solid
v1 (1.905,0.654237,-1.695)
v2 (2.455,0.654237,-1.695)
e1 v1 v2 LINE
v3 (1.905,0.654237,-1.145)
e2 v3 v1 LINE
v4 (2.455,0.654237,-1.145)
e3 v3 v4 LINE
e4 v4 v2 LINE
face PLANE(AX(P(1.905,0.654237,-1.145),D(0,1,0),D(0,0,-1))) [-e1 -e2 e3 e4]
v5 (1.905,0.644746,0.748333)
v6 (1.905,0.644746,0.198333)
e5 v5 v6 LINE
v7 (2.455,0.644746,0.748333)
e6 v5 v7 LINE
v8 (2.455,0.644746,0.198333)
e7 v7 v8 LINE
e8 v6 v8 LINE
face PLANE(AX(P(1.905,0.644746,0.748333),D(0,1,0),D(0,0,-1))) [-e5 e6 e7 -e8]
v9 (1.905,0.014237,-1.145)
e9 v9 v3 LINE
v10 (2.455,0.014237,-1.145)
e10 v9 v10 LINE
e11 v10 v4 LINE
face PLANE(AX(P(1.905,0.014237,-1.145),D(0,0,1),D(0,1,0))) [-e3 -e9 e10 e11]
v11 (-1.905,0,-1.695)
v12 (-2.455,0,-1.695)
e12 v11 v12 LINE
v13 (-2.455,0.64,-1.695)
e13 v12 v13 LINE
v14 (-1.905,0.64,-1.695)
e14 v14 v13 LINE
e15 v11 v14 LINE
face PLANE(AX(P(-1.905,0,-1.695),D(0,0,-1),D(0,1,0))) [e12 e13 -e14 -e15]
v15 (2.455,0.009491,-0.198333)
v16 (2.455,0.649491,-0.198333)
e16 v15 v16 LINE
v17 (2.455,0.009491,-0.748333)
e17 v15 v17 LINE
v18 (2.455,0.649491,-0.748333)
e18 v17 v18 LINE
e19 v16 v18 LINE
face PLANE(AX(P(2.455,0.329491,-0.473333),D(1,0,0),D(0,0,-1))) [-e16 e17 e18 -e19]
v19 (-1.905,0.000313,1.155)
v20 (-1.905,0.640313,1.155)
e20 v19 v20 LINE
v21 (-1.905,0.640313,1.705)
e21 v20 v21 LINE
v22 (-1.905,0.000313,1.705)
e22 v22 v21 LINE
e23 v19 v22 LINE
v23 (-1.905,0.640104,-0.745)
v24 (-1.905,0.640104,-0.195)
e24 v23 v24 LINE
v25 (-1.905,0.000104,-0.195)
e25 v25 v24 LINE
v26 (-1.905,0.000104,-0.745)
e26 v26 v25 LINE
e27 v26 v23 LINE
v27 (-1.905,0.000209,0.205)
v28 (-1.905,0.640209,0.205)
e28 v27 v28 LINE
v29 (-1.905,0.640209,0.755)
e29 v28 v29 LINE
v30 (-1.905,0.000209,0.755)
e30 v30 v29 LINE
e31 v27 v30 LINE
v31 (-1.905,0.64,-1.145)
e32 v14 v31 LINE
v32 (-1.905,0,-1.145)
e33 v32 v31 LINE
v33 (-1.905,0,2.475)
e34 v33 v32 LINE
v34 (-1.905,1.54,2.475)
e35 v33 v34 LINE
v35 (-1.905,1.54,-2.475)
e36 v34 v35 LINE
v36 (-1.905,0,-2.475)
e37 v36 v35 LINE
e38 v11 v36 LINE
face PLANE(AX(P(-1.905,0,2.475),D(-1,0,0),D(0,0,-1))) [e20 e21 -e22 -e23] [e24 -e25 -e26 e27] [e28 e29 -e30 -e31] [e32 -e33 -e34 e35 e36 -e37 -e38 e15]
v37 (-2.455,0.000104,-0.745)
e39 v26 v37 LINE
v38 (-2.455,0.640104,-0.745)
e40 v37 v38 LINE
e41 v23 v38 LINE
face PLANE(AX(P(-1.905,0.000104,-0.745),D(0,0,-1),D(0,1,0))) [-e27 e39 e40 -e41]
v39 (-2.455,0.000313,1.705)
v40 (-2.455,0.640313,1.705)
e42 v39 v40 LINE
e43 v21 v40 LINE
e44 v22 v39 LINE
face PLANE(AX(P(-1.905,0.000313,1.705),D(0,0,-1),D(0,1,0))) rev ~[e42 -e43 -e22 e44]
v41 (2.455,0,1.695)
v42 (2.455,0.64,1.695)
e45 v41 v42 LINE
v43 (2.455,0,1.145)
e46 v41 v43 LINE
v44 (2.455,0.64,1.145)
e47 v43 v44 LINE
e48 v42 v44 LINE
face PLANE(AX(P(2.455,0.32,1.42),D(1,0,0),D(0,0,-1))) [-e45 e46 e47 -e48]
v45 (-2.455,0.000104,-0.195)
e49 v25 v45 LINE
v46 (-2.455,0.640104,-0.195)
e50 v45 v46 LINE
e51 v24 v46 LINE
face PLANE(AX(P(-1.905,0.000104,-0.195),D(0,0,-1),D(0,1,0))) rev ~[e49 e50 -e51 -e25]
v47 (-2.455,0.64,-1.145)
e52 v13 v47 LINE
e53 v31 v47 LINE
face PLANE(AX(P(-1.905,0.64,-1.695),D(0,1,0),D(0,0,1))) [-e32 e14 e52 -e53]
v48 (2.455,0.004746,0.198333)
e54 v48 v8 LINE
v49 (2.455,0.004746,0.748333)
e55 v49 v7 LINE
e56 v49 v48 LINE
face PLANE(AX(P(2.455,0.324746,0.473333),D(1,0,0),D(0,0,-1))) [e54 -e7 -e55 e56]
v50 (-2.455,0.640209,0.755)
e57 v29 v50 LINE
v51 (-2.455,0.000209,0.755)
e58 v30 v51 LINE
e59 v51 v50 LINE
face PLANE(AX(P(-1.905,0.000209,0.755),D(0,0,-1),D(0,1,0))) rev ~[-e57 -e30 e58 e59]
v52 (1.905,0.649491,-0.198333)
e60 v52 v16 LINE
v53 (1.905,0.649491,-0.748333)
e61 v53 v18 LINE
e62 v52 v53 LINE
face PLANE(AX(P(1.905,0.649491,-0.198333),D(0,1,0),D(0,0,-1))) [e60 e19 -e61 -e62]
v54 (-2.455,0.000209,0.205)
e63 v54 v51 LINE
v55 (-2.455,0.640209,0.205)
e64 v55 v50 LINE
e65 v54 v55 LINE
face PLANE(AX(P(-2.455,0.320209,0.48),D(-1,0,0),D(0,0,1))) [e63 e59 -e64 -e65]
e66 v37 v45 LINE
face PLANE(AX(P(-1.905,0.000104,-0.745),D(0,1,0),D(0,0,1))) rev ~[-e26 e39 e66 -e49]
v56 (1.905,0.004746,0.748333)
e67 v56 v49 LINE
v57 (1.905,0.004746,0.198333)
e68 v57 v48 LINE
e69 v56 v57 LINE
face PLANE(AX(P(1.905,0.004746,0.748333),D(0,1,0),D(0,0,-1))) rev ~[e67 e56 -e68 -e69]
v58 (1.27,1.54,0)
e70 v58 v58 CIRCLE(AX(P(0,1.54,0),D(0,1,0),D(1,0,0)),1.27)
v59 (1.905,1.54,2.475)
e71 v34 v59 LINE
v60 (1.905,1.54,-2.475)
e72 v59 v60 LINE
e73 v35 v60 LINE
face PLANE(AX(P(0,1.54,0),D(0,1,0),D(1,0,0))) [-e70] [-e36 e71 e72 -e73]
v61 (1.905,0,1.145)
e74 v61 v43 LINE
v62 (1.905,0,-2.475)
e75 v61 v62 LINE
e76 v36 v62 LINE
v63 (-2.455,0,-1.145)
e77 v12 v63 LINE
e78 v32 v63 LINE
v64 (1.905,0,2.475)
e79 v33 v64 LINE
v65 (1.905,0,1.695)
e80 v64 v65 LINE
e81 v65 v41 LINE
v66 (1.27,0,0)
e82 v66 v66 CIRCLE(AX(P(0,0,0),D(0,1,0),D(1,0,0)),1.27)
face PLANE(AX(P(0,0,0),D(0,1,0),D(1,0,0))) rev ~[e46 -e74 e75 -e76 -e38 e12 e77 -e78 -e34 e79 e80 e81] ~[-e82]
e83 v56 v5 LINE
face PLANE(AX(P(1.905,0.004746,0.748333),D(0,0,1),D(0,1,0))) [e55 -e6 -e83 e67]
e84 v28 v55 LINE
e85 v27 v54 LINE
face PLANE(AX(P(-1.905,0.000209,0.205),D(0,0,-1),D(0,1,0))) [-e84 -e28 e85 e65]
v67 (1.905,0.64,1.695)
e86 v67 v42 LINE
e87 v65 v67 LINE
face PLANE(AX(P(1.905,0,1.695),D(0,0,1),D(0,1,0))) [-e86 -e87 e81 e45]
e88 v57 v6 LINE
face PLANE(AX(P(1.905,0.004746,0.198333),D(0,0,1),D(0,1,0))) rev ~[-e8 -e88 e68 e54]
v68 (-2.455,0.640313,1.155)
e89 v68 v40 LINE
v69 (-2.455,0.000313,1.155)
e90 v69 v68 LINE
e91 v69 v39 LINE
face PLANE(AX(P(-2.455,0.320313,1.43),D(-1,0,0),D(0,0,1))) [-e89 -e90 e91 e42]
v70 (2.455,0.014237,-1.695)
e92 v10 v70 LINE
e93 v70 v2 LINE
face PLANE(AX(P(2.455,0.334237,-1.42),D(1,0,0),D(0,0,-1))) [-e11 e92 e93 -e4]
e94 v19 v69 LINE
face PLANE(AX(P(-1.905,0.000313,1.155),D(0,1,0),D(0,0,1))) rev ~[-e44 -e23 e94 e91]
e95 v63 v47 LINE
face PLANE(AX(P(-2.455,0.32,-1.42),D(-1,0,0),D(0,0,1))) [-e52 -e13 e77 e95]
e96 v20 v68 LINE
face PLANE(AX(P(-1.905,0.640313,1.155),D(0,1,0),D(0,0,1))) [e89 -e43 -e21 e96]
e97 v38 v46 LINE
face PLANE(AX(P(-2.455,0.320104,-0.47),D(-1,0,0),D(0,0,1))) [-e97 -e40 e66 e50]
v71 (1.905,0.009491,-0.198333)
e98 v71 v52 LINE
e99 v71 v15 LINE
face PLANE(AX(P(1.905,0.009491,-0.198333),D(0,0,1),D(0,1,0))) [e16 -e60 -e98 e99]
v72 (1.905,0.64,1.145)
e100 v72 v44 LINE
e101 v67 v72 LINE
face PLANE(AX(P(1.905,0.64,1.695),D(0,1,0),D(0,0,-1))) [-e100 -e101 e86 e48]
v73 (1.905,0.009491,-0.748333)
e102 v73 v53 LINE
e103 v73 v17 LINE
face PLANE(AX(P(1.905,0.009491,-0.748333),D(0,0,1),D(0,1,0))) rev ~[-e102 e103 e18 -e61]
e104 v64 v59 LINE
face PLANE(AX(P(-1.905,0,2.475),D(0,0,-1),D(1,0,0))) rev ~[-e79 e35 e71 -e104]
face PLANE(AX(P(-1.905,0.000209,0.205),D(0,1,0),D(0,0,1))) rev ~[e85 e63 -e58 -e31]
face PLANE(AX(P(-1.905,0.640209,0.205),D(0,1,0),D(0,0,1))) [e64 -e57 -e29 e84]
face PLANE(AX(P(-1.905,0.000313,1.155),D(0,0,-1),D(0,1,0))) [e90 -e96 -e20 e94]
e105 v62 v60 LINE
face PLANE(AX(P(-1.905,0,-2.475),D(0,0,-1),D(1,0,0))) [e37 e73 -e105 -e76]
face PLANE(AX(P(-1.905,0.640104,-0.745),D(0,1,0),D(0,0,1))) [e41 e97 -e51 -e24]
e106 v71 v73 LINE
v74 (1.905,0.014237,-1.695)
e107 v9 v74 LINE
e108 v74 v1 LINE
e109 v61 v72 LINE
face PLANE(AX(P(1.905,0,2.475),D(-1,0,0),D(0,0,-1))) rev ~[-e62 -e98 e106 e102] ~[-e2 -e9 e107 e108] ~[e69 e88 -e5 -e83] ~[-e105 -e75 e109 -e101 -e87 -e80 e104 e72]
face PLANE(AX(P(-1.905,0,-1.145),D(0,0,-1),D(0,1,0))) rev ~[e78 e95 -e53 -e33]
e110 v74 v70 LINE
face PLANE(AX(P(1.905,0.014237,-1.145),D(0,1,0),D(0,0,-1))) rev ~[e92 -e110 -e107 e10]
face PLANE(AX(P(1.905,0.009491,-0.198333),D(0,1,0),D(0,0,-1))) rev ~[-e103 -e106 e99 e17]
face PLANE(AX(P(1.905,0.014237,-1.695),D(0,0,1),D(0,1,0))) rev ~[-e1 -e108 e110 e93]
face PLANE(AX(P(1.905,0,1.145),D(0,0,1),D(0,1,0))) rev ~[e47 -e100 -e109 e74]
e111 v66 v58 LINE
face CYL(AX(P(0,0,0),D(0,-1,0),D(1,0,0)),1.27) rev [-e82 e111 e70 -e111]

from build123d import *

# Parameters (mm, degrees)
SKETCH1_W           = 3.81
SKETCH1_H           = 4.95
SKETCH1_R           = 1.27
BOSS_EXTRUDE1_DEPTH = 1.54
SKETCH2_W           = 0.55
SKETCH2_H           = 0.64
BOSS_EXTRUDE2_DEPTH = 0.55
SKETCH4_W           = 0.55
SKETCH4_H           = 0.64
BOSS_EXTRUDE3_DEPTH = 0.55


with BuildPart() as part:
    # Sketch1 → Boss-Extrude1 (new body)
    with BuildSketch(Plane(origin=(0, 0, 0), x_dir=(1, 0, 0), z_dir=(0, 1, 0))):
        Rectangle(SKETCH1_W, SKETCH1_H)
        Circle(SKETCH1_R, mode=Mode.SUBTRACT)
    extrude(amount=BOSS_EXTRUDE1_DEPTH)

    # Sketch2 → Boss-Extrude2 (add)
    with BuildSketch(Plane(origin=(1.905, 0, 0), x_dir=(0, 0, -1), z_dir=(1, 0, 0))):
        with Locations((-1.42, 0.32)):
            Rectangle(SKETCH2_W, SKETCH2_H)
        with Locations((-0.473333333, 0.324745647)):
            Rectangle(SKETCH2_W, SKETCH2_H)
        with Locations((0.473333333, 0.329491295)):
            Rectangle(SKETCH2_W, SKETCH2_H)
        with Locations((1.42, 0.334236942)):
            Rectangle(SKETCH2_W, SKETCH2_H)
    extrude(amount=BOSS_EXTRUDE2_DEPTH)

    # Sketch4 → Boss-Extrude3 (add)
    with BuildSketch(Plane.ZY.offset(1.905)):
        with Locations((-1.42, 0.32)):
            Rectangle(SKETCH4_W, SKETCH4_H)
        with Locations((-0.47, 0.320104449)):
            Rectangle(SKETCH4_W, SKETCH4_H)
        with Locations((0.48, 0.320208897)):
            Rectangle(SKETCH4_W, SKETCH4_H)
        with Locations((1.43, 0.320313346)):
            Rectangle(SKETCH4_W, SKETCH4_H)
    extrude(amount=BOSS_EXTRUDE3_DEPTH)


solid = part.part
